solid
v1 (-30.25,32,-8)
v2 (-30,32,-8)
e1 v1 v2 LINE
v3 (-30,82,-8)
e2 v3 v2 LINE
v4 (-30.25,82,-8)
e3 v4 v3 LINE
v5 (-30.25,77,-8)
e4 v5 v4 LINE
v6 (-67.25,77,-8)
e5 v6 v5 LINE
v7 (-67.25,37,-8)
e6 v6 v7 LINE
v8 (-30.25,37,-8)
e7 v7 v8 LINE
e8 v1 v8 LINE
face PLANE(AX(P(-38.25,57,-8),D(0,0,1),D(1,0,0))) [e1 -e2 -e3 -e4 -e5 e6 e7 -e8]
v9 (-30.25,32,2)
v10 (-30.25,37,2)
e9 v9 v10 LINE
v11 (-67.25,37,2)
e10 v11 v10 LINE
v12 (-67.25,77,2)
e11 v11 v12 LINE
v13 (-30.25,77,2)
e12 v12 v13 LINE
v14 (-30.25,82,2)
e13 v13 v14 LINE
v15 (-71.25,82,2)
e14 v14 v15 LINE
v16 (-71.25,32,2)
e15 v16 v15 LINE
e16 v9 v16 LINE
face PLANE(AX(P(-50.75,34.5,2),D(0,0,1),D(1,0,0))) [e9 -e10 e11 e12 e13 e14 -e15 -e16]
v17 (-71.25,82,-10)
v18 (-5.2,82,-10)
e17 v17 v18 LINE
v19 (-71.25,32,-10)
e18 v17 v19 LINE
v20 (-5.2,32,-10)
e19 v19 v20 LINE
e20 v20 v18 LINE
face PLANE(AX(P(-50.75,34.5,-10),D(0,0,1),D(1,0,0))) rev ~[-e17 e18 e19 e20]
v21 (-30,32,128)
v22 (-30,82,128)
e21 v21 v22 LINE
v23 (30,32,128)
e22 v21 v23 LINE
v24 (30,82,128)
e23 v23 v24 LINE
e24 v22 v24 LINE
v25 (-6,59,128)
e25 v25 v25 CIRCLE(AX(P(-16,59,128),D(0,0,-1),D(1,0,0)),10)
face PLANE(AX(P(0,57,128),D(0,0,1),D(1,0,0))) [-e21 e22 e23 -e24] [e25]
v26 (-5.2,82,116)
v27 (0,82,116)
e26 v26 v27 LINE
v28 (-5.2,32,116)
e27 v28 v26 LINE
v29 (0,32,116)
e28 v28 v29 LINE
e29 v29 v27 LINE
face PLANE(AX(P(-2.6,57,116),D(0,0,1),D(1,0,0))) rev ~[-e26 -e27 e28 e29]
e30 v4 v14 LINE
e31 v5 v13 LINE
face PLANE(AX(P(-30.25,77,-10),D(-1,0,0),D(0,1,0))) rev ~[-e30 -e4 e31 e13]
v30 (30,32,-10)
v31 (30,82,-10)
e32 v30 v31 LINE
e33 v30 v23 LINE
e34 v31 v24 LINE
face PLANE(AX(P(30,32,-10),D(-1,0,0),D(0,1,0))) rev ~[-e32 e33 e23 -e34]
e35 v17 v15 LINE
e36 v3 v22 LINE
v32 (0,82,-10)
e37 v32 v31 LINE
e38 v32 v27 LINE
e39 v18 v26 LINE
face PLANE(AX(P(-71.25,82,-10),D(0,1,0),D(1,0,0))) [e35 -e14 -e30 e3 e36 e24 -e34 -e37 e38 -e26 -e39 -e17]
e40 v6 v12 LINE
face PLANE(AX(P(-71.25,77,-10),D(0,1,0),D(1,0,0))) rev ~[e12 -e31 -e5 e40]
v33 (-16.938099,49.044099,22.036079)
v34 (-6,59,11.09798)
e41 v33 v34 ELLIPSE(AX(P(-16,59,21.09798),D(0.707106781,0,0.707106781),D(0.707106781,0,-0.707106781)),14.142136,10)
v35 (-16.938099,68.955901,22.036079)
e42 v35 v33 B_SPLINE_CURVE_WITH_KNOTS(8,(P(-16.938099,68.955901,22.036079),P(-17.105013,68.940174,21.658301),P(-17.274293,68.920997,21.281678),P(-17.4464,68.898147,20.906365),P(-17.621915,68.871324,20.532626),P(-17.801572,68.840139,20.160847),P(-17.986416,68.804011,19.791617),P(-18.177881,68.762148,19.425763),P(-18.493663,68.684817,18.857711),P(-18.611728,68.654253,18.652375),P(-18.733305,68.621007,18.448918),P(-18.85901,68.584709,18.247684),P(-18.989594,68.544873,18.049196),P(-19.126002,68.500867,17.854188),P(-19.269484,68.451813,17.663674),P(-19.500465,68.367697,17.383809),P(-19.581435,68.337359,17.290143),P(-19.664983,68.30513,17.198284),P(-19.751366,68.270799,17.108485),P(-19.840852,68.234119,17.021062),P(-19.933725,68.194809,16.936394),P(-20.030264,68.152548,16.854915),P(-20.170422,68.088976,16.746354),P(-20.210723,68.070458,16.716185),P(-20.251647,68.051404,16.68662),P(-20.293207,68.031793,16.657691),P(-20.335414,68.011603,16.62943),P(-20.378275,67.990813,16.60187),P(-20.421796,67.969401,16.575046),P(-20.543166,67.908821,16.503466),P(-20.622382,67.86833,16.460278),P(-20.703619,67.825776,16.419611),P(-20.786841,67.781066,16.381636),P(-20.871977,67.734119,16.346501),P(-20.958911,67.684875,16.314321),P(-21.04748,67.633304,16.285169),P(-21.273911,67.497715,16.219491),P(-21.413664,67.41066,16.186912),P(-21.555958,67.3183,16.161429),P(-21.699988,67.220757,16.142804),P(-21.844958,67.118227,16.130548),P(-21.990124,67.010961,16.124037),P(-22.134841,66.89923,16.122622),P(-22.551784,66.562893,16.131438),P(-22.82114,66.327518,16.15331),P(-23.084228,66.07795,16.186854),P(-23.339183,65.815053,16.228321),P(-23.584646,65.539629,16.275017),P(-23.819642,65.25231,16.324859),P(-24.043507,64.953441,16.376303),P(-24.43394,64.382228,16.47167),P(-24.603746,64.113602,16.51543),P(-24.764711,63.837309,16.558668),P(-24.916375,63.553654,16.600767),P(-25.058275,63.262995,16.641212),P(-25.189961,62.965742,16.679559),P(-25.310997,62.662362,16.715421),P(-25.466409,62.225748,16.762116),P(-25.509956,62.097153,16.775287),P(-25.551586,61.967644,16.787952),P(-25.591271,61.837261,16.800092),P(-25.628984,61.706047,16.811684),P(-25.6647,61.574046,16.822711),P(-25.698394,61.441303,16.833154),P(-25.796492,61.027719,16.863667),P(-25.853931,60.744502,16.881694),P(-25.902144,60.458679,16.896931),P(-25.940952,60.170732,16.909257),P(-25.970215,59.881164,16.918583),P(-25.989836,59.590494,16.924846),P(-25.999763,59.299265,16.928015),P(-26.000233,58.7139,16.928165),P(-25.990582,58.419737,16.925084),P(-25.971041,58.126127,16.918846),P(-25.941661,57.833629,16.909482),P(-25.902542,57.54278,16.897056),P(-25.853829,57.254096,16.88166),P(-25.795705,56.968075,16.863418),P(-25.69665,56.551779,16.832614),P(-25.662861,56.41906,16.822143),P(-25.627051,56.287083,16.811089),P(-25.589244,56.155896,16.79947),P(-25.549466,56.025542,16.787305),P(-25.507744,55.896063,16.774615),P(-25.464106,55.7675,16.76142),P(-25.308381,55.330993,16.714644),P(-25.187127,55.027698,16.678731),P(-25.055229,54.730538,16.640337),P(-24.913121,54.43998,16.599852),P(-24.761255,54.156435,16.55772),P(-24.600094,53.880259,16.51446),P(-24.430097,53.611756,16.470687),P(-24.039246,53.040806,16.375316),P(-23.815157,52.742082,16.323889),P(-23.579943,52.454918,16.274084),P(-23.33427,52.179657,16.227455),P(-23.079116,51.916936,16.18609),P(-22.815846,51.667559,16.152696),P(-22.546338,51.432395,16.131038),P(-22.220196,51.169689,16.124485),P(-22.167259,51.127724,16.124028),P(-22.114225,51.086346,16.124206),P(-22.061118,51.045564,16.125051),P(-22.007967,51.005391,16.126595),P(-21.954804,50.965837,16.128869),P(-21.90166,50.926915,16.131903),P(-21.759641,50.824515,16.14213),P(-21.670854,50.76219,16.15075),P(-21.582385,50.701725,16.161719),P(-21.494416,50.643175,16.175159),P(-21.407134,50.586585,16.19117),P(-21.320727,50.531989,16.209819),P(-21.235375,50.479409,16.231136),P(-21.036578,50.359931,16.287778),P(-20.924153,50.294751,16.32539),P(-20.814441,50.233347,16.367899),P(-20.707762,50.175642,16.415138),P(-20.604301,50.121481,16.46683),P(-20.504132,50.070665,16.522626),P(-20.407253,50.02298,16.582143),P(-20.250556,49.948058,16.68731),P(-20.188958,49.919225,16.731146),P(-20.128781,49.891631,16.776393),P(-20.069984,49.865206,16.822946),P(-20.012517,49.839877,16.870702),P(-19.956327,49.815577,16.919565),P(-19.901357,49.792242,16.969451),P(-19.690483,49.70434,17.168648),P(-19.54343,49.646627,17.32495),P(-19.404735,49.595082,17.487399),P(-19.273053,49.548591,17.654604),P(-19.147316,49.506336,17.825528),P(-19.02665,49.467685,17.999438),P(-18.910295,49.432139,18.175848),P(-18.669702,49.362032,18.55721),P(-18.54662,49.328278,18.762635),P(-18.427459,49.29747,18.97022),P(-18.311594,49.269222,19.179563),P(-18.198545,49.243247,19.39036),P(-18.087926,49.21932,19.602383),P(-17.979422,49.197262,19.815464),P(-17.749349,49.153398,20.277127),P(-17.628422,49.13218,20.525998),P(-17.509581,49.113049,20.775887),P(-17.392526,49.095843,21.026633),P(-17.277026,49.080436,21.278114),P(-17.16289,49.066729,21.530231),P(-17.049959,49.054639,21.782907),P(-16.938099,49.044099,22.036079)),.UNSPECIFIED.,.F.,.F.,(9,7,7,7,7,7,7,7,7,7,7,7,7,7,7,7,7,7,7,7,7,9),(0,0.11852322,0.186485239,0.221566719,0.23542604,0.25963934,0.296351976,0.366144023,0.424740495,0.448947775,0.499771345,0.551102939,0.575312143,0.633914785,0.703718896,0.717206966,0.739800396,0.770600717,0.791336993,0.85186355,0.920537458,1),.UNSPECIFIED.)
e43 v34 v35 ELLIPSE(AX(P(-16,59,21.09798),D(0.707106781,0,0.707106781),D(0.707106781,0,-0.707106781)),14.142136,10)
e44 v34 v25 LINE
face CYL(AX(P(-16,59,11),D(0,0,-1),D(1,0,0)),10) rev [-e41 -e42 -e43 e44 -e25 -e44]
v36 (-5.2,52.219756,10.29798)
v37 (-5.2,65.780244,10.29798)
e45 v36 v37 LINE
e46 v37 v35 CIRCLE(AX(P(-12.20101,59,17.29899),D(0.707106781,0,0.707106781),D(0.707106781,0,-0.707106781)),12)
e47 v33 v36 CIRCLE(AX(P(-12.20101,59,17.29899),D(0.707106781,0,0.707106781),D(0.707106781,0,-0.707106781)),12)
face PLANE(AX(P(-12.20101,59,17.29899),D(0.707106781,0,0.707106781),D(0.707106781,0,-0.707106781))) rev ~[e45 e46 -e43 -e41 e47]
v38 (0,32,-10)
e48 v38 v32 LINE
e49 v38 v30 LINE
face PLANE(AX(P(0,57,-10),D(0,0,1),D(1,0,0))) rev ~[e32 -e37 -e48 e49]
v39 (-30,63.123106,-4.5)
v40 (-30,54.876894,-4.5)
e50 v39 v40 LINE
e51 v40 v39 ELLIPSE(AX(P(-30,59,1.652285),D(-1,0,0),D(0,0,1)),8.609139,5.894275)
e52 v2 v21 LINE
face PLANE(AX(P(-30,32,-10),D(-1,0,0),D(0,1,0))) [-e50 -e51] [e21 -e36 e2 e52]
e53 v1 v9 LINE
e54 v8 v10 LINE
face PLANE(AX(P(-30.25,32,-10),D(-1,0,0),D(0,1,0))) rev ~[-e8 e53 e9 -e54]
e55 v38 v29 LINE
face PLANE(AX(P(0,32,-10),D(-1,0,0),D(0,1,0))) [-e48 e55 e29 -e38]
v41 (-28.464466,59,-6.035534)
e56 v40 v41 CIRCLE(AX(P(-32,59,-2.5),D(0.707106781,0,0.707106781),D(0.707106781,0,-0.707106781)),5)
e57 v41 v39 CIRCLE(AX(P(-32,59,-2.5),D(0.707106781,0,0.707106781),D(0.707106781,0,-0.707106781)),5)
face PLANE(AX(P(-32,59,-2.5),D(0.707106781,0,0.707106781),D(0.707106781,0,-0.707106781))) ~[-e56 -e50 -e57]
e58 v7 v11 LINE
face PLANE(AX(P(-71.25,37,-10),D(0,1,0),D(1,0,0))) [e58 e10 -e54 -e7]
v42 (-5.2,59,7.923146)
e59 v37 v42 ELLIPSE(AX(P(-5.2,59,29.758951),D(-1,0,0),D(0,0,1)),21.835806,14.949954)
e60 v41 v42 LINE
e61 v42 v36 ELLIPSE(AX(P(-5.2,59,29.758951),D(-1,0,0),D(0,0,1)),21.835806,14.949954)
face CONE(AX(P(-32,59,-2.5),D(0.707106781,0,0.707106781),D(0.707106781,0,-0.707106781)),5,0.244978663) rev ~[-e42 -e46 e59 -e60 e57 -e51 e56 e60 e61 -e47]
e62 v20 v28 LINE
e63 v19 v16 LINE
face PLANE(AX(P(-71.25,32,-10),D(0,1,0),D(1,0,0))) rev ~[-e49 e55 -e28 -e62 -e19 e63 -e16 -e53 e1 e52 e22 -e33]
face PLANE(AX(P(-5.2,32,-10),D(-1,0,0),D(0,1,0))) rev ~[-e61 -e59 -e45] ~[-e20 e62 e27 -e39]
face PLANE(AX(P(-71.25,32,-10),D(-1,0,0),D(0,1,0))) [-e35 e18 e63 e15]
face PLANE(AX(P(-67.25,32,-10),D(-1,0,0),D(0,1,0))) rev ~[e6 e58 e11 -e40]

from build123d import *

# Parameters (mm, degrees)
CYLINDER_R          = 10
CYLINDER_DEPTH      = 129
CONE001_PITCH_ANGLE = 45
BOX002_W            = 5.2
BOX002_H            = 50
BOX002_DEPTH        = 126
BOX001_W            = 60
BOX001_H            = 50
BOX001_DEPTH        = 138
BOX005_W            = 4
BOX005_H            = 50
BOX005_DEPTH        = 12
BOX004_W            = 66
BOX004_H            = 50
BOX004_DEPTH        = 2
BOX006_W            = 41
BOX006_H            = 5
BOX006_DEPTH        = 12
BOX007_W            = 41
BOX007_H            = 5
BOX007_DEPTH        = 12


with BuildPart() as cylinder:
    # Cylinder → Cylinder (new body)
    with BuildSketch(Plane(origin=(-16, 59, 11), x_dir=(1, 0, 0), z_dir=(0, 0, 1))):
        Circle(CYLINDER_R)
    extrude(amount=CYLINDER_DEPTH)


with BuildPart() as cone001:
    # Cone001 → Cone001 (revolve)
    with BuildSketch(Plane.XZ):
        Polygon((0, 0), (5, 0), (12, 28), (0, 28), align=None)
    revolve(axis=Axis((0, 0, 0), (0, 0, 1)))


with BuildPart() as cone001_1:
    # Cone001 pitch: moved
    add(cone001.part.rotate(Axis((0, 0, 0), (0, 1, 0)), CONE001_PITCH_ANGLE))


with BuildPart() as cone001_2:
    # Cone001 placement: moved
    add(cone001_1.part.moved(Location((-32, 59, -2.5))))


with BuildPart() as cube002:
    # Box002 → Box002 (new body)
    with BuildSketch(Plane(origin=(-5.2, 32, -10), x_dir=(1, 0, 0), z_dir=(0, 0, 1))):
        with Locations((2.6, 25)):
            Rectangle(BOX002_W, BOX002_H)
    extrude(amount=BOX002_DEPTH)


with BuildPart() as cut002:
    # Box001 → Box001 (new body)
    with BuildSketch(Plane(origin=(-30, 32, -10), x_dir=(1, 0, 0), z_dir=(0, 0, 1))):
        with Locations((30, 25)):
            Rectangle(BOX001_W, BOX001_H)
    extrude(amount=BOX001_DEPTH)

    # Cut: cut Cube002
    add(cube002.part, mode=Mode.SUBTRACT)

    # Cut001: cut Cone001
    add(cone001_2.part, mode=Mode.SUBTRACT)

    # Cut002: cut Cylinder
    add(cylinder.part, mode=Mode.SUBTRACT)


with BuildPart() as cube005:
    # Box005 → Box005 (new body)
    with BuildSketch(Plane(origin=(-215, 176, -4), x_dir=(1, 0, 0), z_dir=(0, 0, 1))):
        with Locations((2, 25)):
            Rectangle(BOX005_W, BOX005_H)
    extrude(amount=BOX005_DEPTH)


with BuildPart() as fusion001:
    # Box004 → Box004 (new body)
    with BuildSketch(Plane(origin=(-215, 176, -4), x_dir=(1, 0, 0), z_dir=(0, 0, 1))):
        with Locations((33, 25)):
            Rectangle(BOX004_W, BOX004_H)
    extrude(amount=BOX004_DEPTH)

    # Fusion001: union Cube005
    add(cube005.part)


with BuildPart() as cube006:
    # Box006 → Box006 (new body)
    with BuildSketch(Plane(origin=(-215, 176, -4), x_dir=(1, 0, 0), z_dir=(0, 0, 1))):
        with Locations((20.5, 2.5)):
            Rectangle(BOX006_W, BOX006_H)
    extrude(amount=BOX006_DEPTH)


with BuildPart() as fusion003:
    # Box007 → Box007 (new body)
    with BuildSketch(Plane(origin=(-215, 221, -4), x_dir=(1, 0, 0), z_dir=(0, 0, 1))):
        with Locations((20.5, 2.5)):
            Rectangle(BOX007_W, BOX007_H)
    extrude(amount=BOX007_DEPTH)

    # Fusion: union Cube006
    add(cube006.part)

    # Fusion002: union Fusion001
    add(fusion001.part)


with BuildPart() as fusion003_1:
    # Fusion002 placement: moved
    add(fusion003.part.moved(Location((143.75, -144, -6))))

    # Fusion003: union Cut002
    add(cut002.part)


solid = fusion003_1.part
